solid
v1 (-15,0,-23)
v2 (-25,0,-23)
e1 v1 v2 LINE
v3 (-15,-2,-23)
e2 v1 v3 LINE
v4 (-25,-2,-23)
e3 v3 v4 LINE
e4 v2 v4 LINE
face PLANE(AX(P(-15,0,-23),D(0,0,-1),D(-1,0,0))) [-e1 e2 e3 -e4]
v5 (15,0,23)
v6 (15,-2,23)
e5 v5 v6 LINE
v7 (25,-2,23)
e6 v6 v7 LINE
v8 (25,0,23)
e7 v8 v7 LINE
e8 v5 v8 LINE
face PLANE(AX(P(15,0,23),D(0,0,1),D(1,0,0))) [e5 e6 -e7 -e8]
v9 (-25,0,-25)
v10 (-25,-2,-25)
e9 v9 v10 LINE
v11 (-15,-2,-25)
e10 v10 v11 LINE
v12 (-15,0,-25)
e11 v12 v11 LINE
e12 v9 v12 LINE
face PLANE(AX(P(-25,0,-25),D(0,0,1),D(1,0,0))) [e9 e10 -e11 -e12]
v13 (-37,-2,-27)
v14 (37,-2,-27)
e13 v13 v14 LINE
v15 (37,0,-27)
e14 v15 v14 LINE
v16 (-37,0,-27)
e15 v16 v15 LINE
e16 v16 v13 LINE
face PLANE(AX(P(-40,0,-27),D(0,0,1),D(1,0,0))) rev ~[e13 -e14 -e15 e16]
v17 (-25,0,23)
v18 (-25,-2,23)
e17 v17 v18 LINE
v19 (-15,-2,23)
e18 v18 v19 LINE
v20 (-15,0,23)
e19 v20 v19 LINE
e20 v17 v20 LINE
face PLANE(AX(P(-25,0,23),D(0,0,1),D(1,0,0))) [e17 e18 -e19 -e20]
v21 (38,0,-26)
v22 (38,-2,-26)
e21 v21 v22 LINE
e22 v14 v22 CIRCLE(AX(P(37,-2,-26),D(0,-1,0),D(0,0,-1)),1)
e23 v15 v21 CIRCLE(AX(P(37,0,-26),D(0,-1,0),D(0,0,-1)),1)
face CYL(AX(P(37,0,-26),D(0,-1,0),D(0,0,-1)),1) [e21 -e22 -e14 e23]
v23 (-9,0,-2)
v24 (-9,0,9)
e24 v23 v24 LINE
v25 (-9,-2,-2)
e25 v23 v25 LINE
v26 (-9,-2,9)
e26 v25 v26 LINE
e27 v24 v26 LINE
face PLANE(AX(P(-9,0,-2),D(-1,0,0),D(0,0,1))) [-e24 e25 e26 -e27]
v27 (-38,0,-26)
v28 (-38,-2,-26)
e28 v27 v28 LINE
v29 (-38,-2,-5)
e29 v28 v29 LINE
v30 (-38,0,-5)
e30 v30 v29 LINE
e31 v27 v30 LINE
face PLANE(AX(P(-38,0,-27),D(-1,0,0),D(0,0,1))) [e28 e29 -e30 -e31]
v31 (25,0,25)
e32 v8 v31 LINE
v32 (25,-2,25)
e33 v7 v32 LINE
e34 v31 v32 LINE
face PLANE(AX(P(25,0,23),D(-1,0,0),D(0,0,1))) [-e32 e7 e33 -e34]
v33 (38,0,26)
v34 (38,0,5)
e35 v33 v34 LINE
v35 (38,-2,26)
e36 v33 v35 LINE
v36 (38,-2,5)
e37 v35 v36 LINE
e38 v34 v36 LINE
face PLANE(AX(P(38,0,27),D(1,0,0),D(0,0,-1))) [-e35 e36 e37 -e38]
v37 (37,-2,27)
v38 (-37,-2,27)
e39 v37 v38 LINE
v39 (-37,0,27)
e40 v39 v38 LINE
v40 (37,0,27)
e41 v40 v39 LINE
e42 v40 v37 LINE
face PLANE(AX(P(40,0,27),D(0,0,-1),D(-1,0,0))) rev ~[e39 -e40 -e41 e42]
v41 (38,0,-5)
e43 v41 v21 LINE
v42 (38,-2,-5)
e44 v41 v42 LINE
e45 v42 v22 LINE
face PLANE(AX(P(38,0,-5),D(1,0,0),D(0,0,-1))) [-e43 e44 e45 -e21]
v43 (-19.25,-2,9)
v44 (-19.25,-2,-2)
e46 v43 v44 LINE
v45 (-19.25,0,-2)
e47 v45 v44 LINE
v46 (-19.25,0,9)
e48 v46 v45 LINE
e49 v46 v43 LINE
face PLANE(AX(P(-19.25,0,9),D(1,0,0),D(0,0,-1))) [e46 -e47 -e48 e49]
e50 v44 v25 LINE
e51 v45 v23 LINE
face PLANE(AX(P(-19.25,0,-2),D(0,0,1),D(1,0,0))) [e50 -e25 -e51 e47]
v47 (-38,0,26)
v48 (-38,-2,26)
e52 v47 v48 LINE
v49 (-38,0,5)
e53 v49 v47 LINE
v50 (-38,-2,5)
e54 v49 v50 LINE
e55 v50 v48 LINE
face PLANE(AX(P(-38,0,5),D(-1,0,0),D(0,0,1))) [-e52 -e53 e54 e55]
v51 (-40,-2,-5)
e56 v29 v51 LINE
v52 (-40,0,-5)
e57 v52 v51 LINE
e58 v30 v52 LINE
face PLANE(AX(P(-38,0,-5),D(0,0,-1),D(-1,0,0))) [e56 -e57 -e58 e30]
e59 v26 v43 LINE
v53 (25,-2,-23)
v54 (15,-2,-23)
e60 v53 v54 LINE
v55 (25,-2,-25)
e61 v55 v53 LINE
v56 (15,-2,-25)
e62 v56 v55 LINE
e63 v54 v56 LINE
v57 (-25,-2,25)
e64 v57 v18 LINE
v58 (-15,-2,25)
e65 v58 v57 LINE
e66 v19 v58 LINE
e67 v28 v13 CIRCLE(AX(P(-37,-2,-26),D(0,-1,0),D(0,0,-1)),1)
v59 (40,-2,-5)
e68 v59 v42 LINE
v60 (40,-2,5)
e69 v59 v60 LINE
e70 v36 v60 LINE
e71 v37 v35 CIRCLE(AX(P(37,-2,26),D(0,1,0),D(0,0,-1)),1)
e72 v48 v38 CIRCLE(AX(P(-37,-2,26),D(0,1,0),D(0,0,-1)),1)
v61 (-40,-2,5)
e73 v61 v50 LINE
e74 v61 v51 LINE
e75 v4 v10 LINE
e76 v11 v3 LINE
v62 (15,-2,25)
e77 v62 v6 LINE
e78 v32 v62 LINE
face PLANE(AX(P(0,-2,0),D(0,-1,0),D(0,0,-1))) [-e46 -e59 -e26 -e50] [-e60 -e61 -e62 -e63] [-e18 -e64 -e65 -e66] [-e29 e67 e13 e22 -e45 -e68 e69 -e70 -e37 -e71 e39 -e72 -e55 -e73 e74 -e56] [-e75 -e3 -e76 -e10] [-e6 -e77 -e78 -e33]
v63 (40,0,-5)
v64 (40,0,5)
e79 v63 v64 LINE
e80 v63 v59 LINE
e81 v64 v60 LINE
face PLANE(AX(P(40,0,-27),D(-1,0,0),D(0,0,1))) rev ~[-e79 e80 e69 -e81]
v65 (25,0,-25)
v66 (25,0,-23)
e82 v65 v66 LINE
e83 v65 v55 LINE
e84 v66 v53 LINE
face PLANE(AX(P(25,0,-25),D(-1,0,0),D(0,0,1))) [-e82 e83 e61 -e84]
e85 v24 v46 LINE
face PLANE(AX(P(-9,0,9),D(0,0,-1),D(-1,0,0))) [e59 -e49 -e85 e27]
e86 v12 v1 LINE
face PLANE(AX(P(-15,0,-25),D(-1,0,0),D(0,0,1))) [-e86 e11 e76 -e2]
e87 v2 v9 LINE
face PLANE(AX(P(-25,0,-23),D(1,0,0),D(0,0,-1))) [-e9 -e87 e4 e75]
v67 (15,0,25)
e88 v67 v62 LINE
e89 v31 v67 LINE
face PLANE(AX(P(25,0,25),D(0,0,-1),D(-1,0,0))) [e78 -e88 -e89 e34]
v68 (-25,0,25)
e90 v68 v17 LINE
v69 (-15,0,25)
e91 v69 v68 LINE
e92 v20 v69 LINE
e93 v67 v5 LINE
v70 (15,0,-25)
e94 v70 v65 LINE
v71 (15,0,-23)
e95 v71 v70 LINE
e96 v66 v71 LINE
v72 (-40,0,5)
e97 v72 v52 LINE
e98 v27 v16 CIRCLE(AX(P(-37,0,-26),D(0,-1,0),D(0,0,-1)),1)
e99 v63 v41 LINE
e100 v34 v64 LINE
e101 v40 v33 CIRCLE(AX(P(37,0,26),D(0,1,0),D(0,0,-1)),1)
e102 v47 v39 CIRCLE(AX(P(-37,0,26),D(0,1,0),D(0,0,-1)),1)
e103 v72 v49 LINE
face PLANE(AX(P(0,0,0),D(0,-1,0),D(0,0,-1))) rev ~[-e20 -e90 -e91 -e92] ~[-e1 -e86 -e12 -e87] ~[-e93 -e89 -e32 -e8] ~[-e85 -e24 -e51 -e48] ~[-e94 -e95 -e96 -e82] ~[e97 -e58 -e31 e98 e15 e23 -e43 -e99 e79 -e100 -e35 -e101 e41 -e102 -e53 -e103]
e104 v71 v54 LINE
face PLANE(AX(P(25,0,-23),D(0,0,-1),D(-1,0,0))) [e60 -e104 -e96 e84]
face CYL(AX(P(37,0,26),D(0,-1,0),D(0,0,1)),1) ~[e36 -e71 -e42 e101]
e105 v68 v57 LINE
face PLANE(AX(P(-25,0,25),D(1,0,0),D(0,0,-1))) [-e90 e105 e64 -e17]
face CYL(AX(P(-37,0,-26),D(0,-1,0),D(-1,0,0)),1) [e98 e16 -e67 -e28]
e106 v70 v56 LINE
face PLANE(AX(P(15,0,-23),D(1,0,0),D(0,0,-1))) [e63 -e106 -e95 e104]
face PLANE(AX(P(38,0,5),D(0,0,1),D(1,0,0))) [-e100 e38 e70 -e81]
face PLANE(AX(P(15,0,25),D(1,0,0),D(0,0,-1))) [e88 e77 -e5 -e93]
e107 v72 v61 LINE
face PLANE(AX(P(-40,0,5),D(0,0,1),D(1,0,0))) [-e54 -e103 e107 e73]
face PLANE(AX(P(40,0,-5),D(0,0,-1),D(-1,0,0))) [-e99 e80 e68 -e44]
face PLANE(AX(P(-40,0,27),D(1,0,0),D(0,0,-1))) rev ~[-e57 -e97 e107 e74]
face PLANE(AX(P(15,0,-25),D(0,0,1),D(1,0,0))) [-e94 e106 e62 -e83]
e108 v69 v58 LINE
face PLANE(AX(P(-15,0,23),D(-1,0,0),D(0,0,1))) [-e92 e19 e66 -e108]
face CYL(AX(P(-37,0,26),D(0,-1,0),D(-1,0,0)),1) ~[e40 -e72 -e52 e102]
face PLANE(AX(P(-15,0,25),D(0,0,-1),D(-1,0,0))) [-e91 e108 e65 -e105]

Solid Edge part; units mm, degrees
sketch "Sketch1" plane through (0, 0, 0) normal (0, -1, 0) x (1, 0, 0)
  line L0 (40, -27) -> (40, 27)
  line L1 (40, 27) -> (-40, 27)
  line L2 (-40, 27) -> (-40, -27)
  line L3 (-40, -27) -> (40, -27)
extrude "Protrusion1" add sketch "Sketch1" along normal blind 2
sketch "Sketch2" plane through (0, 0, 0) normal (0, -1, 0) x (1, 0, 0)
  line L0 (-25, 23) -> (-15, 23)
  line L1 (-15, 23) -> (-15, 25)
  line L2 (-15, 25) -> (-25, 25)
  line L3 (-25, 25) -> (-25, 23)
extrude "ExtrudedCutout_1" cut sketch "Sketch2" along normal blind 2
sketch "Sketch3" plane through (0, 0, 0) normal (0, -1, 0) x (1, 0, 0)
  line L0 (25, 25) -> (15, 25)
  line L1 (15, 25) -> (15, 23)
  line L2 (15, 23) -> (25, 23)
  line L3 (25, 23) -> (25, 25)
extrude "ExtrudedCutout_2" cut sketch "Sketch3" along normal blind 2
sketch "Sketch4" plane through (0, 0, 0) normal (0, -1, 0) x (1, 0, 0)
  line L0 (15, -25) -> (25, -25)
  line L1 (25, -25) -> (25, -23)
  line L2 (25, -23) -> (15, -23)
  line L3 (15, -23) -> (15, -25)
extrude "ExtrudedCutout_3" cut sketch "Sketch4" along normal blind 2
sketch "Sketch5" plane through (0, 0, 0) normal (0, -1, 0) x (1, 0, 0)
  line L0 (-15, -23) -> (-25, -23)
  line L1 (-25, -23) -> (-25, -25)
  line L2 (-25, -25) -> (-15, -25)
  line L3 (-15, -25) -> (-15, -23)
extrude "ExtrudedCutout_4" cut sketch "Sketch5" along normal blind 2
sketch "Sketch6" plane through (0, 0, 0) normal (0, -1, 0) x (1, 0, 0)
  line L0 (-38, -27) -> (-38, -5)
  line L1 (-38, -5) -> (-40, -5)
  line L2 (-40, -5) -> (-40, -27)
  line L3 (-40, -27) -> (-38, -27)
extrude "ExtrudedCutout_5" cut sketch "Sketch6" along normal blind 2
sketch "Sketch7" plane through (0, 0, 0) normal (0, -1, 0) x (1, 0, 0)
  line L0 (-38, 5) -> (-38, 27)
  line L1 (-38, 27) -> (-40, 27)
  line L2 (-40, 27) -> (-40, 5)
  line L3 (-40, 5) -> (-38, 5)
extrude "ExtrudedCutout_6" cut sketch "Sketch7" along normal blind 2
sketch "Sketch8" plane through (0, 0, 0) normal (0, -1, 0) x (1, 0, 0)
  line L0 (38, -5) -> (38, -27)
  line L1 (38, -27) -> (40, -27)
  line L2 (40, -27) -> (40, -5)
  line L3 (40, -5) -> (38, -5)
extrude "ExtrudedCutout_7" cut sketch "Sketch8" along normal blind 2
sketch "Sketch9" plane through (0, 0, 0) normal (0, -1, 0) x (1, 0, 0)
  line L0 (38, 27) -> (38, 5)
  line L1 (38, 5) -> (40, 5)
  line L2 (40, 5) -> (40, 27)
  line L3 (40, 27) -> (38, 27)
extrude "ExtrudedCutout_8" cut sketch "Sketch9" along normal blind 2
sketch "Sketch10" plane through (0, 0, 0) normal (0, -1, 0) x (1, 0, 0)
  line L0 (-19.25, -2) -> (-9, -2)
  line L1 (-9, -2) -> (-9, 9)
  line L2 (-9, 9) -> (-19.25, 9)
  line L3 (-19.25, 9) -> (-19.25, -2)
extrude "ExtrudedCutout_9" cut sketch "Sketch10" along normal blind 2
fillet "Round_1" radius 1 4 edges at (38, -1, -27) (38, -1, 27) (-38, -1, 27) (-38, -1, -27)
properties material "Acrylic, high impact grade"
